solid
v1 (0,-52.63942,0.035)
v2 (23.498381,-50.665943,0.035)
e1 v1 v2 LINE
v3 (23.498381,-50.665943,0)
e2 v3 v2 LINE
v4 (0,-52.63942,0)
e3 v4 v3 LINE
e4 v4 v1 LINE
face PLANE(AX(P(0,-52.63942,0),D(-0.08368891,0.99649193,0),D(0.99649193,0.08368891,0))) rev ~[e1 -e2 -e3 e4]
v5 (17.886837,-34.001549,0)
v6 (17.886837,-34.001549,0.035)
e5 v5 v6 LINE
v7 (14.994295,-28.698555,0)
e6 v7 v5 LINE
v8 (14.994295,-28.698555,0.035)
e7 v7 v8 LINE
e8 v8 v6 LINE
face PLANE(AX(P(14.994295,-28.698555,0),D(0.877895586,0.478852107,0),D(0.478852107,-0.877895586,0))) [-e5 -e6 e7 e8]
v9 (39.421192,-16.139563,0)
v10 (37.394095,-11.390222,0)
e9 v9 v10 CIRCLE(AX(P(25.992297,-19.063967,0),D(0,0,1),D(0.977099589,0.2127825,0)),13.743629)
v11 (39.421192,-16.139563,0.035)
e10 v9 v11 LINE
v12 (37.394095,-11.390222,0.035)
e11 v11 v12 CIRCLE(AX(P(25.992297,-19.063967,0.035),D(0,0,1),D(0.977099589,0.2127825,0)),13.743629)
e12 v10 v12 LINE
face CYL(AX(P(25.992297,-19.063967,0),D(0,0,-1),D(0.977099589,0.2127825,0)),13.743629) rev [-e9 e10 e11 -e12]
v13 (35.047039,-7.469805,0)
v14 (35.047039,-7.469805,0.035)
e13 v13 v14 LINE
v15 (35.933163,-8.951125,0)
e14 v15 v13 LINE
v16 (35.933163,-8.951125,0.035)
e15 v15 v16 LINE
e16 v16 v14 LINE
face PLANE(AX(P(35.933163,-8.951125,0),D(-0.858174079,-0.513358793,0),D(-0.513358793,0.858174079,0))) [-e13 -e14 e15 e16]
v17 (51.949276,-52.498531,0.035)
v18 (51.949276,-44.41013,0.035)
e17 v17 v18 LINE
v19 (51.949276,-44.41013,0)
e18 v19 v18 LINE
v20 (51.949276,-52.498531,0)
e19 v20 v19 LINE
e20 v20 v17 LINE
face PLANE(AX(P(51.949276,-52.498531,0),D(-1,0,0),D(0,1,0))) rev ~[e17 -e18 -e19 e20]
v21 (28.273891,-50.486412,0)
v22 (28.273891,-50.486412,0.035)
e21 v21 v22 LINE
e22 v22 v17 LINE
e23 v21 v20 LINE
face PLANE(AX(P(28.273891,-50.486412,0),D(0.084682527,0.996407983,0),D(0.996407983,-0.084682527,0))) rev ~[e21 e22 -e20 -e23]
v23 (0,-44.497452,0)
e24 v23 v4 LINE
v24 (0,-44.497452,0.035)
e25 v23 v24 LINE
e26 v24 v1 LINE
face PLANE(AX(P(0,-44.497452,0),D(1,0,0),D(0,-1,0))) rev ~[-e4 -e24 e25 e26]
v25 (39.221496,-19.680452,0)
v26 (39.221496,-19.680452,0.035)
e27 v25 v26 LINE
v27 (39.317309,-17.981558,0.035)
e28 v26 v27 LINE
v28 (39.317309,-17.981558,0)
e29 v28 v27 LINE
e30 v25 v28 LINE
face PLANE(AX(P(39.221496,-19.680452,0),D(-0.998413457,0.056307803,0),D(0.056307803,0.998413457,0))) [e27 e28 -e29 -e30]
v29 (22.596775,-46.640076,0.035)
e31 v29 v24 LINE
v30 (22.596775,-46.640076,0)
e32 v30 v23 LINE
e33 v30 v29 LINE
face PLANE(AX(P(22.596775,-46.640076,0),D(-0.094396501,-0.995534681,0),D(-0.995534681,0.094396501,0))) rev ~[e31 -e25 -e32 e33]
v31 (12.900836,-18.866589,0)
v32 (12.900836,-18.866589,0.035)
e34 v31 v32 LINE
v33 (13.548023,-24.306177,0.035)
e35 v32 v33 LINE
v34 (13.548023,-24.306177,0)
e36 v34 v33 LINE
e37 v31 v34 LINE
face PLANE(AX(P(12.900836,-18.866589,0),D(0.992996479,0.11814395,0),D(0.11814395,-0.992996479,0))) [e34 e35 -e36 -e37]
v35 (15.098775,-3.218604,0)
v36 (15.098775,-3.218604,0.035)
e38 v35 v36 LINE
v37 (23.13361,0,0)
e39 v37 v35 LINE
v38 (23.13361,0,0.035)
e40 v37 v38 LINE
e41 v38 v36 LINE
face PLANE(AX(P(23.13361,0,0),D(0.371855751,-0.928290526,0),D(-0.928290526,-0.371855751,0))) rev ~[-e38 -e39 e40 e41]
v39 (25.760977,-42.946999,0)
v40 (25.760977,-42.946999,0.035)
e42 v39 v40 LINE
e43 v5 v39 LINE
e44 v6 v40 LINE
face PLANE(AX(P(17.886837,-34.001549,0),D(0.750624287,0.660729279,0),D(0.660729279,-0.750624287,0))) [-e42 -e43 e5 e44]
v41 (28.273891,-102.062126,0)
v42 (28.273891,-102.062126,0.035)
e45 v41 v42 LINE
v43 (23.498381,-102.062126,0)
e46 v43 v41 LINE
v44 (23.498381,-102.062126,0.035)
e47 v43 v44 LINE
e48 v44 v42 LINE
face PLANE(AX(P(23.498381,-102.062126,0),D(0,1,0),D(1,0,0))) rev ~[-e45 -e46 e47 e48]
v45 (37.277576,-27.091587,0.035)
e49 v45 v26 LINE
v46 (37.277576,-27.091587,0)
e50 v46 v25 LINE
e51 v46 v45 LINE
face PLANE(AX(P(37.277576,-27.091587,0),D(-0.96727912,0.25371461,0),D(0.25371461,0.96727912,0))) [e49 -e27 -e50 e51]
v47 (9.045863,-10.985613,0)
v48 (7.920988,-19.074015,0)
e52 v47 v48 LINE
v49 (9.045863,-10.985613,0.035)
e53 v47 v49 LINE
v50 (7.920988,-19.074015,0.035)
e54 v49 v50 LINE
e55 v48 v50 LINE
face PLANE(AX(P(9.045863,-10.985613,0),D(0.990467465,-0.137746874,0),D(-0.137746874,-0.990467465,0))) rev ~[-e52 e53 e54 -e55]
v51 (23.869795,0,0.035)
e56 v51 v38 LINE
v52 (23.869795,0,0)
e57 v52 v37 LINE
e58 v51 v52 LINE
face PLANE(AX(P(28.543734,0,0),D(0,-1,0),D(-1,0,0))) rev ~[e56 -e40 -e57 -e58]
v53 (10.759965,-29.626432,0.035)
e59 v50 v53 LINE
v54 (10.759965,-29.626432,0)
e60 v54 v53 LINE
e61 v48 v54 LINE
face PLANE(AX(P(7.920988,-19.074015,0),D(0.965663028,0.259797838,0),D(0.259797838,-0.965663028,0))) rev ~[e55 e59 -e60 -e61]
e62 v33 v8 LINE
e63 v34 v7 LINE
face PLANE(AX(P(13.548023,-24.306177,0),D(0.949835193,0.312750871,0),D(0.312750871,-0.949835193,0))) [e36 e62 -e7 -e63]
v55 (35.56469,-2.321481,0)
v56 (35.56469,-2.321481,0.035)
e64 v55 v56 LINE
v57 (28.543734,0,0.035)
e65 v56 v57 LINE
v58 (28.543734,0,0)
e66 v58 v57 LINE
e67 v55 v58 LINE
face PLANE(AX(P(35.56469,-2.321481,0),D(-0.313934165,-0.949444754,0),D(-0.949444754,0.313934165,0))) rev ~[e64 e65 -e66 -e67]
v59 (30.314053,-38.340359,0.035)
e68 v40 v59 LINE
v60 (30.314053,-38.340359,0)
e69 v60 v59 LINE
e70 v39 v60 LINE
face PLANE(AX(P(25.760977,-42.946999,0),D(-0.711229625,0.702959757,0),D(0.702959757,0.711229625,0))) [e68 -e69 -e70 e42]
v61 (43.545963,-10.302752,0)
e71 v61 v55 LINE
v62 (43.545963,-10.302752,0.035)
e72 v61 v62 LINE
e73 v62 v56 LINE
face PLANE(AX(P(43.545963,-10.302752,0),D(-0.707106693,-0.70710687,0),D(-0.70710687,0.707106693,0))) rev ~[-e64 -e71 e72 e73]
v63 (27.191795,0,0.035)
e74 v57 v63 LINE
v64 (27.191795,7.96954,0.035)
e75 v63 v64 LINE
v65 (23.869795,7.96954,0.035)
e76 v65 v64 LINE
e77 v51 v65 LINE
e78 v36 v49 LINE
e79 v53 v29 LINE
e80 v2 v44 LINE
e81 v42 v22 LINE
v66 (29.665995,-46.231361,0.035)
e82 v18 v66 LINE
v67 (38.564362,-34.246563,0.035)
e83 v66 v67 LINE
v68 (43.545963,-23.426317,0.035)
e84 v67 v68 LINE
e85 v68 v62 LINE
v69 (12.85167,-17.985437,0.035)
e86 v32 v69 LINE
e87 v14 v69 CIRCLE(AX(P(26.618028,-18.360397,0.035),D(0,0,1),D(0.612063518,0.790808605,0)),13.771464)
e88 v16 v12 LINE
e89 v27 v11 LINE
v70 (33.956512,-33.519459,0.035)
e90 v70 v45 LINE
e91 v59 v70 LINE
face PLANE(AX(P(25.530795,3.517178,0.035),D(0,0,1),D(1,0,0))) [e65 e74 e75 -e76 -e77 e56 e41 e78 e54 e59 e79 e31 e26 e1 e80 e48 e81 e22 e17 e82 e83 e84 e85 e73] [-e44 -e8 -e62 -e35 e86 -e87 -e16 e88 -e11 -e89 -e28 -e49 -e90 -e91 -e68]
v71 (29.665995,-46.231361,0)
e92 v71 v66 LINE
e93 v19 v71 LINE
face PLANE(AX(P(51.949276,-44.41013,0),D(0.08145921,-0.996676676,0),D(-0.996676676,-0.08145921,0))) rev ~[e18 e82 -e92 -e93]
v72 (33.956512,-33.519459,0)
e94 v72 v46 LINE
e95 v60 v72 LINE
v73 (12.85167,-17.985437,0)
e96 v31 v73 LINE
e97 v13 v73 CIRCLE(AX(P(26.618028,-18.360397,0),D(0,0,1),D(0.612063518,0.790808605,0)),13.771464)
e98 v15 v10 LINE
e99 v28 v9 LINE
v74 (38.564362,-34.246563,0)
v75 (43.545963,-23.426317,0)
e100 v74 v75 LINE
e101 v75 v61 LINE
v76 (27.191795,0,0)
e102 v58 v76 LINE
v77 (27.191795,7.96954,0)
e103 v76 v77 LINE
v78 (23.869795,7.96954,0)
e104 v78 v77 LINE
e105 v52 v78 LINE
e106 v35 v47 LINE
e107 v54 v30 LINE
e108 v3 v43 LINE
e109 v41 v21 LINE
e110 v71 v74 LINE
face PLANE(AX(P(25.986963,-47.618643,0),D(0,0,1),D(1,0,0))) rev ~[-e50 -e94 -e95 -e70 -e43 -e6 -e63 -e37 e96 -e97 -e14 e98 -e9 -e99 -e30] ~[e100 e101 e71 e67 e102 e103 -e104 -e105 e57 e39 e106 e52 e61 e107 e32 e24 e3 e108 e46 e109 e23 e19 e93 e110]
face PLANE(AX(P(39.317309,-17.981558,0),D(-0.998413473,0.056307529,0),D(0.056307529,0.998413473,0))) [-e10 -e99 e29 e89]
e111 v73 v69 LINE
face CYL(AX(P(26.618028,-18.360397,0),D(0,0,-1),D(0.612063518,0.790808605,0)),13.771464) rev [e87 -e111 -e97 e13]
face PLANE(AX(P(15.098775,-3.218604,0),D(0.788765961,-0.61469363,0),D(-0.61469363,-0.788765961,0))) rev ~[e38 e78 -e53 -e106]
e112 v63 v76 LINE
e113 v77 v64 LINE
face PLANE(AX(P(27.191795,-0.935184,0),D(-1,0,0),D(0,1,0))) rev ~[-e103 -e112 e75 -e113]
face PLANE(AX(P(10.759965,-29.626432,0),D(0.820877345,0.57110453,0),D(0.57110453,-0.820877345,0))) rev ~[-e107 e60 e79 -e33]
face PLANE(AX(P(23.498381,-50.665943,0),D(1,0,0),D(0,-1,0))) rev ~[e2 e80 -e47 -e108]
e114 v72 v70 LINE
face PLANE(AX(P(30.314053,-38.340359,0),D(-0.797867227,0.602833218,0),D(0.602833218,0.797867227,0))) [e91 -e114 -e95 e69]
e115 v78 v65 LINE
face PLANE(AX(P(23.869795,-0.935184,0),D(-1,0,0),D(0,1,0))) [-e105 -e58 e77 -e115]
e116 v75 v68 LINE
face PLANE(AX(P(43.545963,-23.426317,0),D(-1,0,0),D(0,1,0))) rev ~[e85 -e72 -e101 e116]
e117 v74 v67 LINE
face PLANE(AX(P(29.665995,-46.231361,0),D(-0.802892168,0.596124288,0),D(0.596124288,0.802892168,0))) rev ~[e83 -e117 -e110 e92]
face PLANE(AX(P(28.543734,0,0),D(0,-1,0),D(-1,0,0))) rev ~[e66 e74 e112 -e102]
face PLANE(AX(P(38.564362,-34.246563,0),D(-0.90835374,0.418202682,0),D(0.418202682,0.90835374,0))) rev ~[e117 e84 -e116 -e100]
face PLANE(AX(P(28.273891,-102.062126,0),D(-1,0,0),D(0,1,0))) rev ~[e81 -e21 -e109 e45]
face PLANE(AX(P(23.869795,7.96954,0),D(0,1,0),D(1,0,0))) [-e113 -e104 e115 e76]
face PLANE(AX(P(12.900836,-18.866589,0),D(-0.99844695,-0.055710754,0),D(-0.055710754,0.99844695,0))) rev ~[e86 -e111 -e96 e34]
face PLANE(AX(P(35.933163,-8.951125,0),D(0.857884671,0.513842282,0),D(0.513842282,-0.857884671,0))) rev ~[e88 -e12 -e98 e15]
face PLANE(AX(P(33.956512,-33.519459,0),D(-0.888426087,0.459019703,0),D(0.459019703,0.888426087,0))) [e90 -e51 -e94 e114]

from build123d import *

# Parameters (mm, degrees)
SKETCH_W         = 3.322
SKETCH_H         = 8.904724
EXTRUDE003_DEPTH = 0.035
EXTRUDE_DEPTH    = 0.035


with BuildPart() as inport:
    # Sketch (on Face6 of Extrude001) → Extrude003 (new body)
    with BuildSketch(Plane.XY):
        with Locations((25.530795, 3.517178)):
            Rectangle(SKETCH_W, SKETCH_H)
    extrude(amount=EXTRUDE003_DEPTH)


with BuildPart() as copper_layer:
    # Sketch006 → Extrude (new body)
    with BuildSketch(Plane.XY):
        Polygon((23.498381, -102.062126), (28.273891, -102.062126), (28.273891, -50.486412), (51.949276, -52.498531), (51.949276, -44.41013), (29.665995, -46.231361), (38.564362, -34.246563), (43.545963, -23.426317), (43.545963, -10.302752), (35.56469, -2.321481), (28.543734, 0), (23.13361, 0), (15.098775, -3.218604), (9.045863, -10.985613), (7.920988, -19.074015), (10.759965, -29.626432), (22.596775, -46.640076), (0, -44.497452), (0, -52.63942), (23.498381, -50.665943), align=None)
        with BuildLine():
            Line((12.900836, -18.866589), (13.548023, -24.306177))
            Line((13.548023, -24.306177), (14.994295, -28.698555))
            Line((14.994295, -28.698555), (17.886837, -34.001549))
            Line((17.886837, -34.001549), (25.760977, -42.946999))
            Line((25.760977, -42.946999), (30.314053, -38.340359))
            Line((30.314053, -38.340359), (33.956512, -33.519459))
            Line((33.956512, -33.519459), (37.277576, -27.091587))
            Line((37.277576, -27.091587), (39.221496, -19.680452))
            Line((39.221496, -19.680452), (39.317309, -17.981558))
            Line((39.317309, -17.981558), (39.421192, -16.139563))
            ThreePointArc((39.421192, -16.139563), (38.632704, -13.668833), (37.394095, -11.390222))
            Line((35.933163, -8.951125), (37.394095, -11.390222))
            Line((35.933163, -8.951125), (35.047039, -7.469805))
            ThreePointArc((35.047039, -7.469805), (20.72172, -5.915046), (12.85167, -17.985437))
            Line((12.900836, -18.866589), (12.85167, -17.985437))
        make_face(mode=Mode.SUBTRACT)
    extrude(amount=EXTRUDE_DEPTH)

    # Fusion: union inPort
    add(inport.part)


solid = copper_layer.part
